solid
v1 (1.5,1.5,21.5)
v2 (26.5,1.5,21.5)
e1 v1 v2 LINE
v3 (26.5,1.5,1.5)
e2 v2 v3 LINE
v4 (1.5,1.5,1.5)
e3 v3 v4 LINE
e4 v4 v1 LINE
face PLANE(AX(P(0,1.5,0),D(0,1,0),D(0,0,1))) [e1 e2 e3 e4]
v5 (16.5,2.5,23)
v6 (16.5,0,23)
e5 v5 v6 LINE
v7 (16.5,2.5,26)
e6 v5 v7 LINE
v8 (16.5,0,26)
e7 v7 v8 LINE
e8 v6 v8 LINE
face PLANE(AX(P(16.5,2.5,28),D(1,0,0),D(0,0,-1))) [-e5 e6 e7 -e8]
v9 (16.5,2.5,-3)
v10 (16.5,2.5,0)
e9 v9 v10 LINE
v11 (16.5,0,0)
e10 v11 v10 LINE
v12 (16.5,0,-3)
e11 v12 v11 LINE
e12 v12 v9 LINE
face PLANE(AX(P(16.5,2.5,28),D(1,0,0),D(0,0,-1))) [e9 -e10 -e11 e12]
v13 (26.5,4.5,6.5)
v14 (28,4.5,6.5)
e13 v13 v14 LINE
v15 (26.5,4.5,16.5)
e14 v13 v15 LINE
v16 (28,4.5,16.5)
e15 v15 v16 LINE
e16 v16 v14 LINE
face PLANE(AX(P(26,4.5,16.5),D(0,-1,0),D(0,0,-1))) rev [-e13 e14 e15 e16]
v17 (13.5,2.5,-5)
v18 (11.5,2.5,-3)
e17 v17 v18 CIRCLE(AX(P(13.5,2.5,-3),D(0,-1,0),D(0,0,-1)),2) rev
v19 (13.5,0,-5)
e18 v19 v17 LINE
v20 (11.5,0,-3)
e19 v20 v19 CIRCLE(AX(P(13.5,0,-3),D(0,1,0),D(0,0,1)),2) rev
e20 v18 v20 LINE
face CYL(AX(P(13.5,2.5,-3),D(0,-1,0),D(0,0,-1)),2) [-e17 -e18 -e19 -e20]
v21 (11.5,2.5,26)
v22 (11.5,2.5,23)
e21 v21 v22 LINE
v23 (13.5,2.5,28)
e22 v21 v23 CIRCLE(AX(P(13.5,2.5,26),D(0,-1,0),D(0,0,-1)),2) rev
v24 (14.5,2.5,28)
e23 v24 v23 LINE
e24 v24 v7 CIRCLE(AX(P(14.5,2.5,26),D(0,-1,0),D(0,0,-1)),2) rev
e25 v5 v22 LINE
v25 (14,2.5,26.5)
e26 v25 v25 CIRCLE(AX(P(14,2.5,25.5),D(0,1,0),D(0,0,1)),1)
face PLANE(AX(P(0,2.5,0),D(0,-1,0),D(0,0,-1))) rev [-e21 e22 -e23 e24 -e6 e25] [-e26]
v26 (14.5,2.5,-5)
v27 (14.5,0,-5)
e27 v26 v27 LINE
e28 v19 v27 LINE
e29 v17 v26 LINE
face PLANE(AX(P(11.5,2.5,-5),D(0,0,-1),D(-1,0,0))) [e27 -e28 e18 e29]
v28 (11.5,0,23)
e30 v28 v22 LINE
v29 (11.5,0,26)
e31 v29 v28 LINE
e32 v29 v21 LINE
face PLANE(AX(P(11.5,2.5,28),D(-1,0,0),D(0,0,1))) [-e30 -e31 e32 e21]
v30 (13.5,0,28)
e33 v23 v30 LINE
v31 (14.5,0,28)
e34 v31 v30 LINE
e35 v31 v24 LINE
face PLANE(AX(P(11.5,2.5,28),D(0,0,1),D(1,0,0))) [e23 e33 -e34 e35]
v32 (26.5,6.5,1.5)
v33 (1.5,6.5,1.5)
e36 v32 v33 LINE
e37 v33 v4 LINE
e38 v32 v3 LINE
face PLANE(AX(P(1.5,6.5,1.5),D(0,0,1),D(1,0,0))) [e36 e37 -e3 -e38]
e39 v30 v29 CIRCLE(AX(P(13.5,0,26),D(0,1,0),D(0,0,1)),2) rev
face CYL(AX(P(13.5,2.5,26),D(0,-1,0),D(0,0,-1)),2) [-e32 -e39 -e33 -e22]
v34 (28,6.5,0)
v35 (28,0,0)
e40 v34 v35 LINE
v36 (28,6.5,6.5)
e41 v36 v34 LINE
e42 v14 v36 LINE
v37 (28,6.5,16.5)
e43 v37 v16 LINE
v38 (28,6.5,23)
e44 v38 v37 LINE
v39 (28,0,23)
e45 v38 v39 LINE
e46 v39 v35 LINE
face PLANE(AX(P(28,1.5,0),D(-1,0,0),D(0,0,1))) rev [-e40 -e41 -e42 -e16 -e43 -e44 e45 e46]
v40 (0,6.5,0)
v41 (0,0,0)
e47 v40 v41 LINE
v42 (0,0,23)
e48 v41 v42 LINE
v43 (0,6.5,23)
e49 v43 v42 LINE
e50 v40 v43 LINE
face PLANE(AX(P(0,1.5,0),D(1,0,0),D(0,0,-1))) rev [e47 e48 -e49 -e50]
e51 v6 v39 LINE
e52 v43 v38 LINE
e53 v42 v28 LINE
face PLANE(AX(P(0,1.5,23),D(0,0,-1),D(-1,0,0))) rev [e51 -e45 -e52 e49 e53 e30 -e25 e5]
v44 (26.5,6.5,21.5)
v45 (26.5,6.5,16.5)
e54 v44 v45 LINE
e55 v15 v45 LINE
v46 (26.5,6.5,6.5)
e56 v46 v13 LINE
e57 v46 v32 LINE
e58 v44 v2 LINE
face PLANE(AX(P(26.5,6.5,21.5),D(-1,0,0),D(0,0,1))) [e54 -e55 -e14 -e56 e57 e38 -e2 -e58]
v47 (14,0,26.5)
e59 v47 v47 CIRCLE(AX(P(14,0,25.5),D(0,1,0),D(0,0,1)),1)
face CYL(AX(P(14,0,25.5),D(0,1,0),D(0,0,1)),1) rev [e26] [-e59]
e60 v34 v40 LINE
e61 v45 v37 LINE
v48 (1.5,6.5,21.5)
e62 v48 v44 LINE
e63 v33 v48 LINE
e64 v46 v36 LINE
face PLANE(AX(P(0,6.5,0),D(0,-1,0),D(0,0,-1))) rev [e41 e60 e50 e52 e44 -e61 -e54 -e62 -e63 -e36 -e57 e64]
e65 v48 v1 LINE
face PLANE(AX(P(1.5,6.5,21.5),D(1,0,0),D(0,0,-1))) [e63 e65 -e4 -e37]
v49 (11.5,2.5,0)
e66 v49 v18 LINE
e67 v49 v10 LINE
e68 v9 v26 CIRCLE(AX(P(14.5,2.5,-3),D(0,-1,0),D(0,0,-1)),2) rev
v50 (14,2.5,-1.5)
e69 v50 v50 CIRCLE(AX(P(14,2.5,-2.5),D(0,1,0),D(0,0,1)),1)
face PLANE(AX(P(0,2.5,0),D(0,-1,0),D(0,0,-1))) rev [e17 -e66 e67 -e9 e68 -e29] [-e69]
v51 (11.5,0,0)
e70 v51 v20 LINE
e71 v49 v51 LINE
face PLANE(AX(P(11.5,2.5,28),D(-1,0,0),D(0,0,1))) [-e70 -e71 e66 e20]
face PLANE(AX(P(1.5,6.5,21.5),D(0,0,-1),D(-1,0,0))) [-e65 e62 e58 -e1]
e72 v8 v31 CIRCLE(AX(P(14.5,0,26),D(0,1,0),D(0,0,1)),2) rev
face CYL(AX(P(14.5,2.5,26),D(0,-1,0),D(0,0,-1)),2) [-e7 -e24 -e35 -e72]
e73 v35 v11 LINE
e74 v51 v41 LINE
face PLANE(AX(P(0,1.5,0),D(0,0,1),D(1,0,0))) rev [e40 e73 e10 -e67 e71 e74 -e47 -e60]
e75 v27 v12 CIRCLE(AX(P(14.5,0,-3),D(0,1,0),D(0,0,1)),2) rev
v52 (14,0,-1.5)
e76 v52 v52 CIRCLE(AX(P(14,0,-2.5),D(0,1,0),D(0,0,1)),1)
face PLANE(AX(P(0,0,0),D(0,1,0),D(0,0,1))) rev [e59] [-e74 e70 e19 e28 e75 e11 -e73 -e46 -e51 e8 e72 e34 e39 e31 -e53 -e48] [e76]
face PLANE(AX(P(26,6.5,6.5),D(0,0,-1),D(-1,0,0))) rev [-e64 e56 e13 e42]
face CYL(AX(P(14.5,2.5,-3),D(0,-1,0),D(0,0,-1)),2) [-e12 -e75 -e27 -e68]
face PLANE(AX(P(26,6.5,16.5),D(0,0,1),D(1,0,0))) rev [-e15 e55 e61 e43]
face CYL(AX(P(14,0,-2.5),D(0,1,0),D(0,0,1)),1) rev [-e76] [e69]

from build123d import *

# Parameters (mm, degrees)
SKETCH_1_W          = 28
SKETCH_1_H          = 23
EXTRUDE_1_DEPTH     = 1.5
SKETCH_2_W          = 28
SKETCH_2_H          = 23
SKETCH_2_W_2        = 25
SKETCH_2_H_2        = 20
EXTRUDE_2_DEPTH     = 5
SKETCH_4_W          = 10
SKETCH_4_H          = 2
CUT_EXTRUDE_1_DEPTH = 2
SKETCH_5_W          = 5
SKETCH_5_H          = 33
EXTRUDE_3_DEPTH     = 2.5
SKETCH_6_W          = 5
SKETCH_6_H          = 20
CUT_EXTRUDE_2_DEPTH = 1
SKETCH_7_R          = 1
CUT_EXTRUDE_3_DEPTH = 40.799497484
FILLET_1_R          = 2


with BuildPart() as part:
    # 草图1 → 凸台-拉伸1 (new body)
    with BuildSketch(Plane(origin=(0, 0, 0), x_dir=(1, 0, 0), z_dir=(0, 1, 0))):
        with Locations((14, -11.5)):
            Rectangle(SKETCH_1_W, SKETCH_1_H)
    extrude(amount=EXTRUDE_1_DEPTH)

    # 草图2 → 凸台-拉伸2 (add)
    with BuildSketch(Plane(origin=(0, 1.5, 0), x_dir=(1, 0, 0), z_dir=(0, 1, 0))):
        with Locations((14, -11.5)):
            Rectangle(SKETCH_2_W, SKETCH_2_H)
        with Locations((14, -11.5)):
            Rectangle(SKETCH_2_W_2, SKETCH_2_H_2, mode=Mode.SUBTRACT)
    extrude(amount=EXTRUDE_2_DEPTH)

    # 草图4 → 切除-拉伸1 (cut)
    with BuildSketch(Plane(origin=(28, 0, 0), x_dir=(0, 0, -1), z_dir=(1, 0, 0))):
        with Locations((-11.5, 5.5)):
            Rectangle(SKETCH_4_W, SKETCH_4_H)
    extrude(amount=-CUT_EXTRUDE_1_DEPTH, mode=Mode.SUBTRACT)

    # 草图5 → 凸台-拉伸3 (add)
    with BuildSketch(Plane.XZ):
        with Locations((14, 11.5)):
            Rectangle(SKETCH_5_W, SKETCH_5_H)
    extrude(amount=-EXTRUDE_3_DEPTH)

    # 草图6 → 切除-拉伸2 (cut)
    with BuildSketch(Plane(origin=(0, 2.5, 0), x_dir=(1, 0, 0), z_dir=(0, 1, 0))):
        with Locations((14, -11.5)):
            Rectangle(SKETCH_6_W, SKETCH_6_H)
    extrude(amount=-CUT_EXTRUDE_2_DEPTH, mode=Mode.SUBTRACT)

    # 草图7 → 切除-拉伸3 (cut, through all)
    with BuildSketch(Plane(origin=(0, 2.5, 0), x_dir=(1, 0, 0), z_dir=(0, 1, 0))):
        with Locations(Location((14, 2.5, 0), (0, 0, 270))):
            Circle(SKETCH_7_R)
        with Locations(Location((14, -25.5, 0), (0, 0, 270))):
            Circle(SKETCH_7_R)
    extrude(amount=-CUT_EXTRUDE_3_DEPTH, mode=Mode.SUBTRACT)

    # 圆角1
    fillet_1_edges = [part.edges().sort_by_distance(p)[0] for p in [
        (11.5, 1.25, -5),
        (16.5, 1.25, 28),
        (11.5, 1.25, 28),
        (16.5, 1.25, -5),
    ]]
    fillet(fillet_1_edges, radius=FILLET_1_R)


solid = part.part
